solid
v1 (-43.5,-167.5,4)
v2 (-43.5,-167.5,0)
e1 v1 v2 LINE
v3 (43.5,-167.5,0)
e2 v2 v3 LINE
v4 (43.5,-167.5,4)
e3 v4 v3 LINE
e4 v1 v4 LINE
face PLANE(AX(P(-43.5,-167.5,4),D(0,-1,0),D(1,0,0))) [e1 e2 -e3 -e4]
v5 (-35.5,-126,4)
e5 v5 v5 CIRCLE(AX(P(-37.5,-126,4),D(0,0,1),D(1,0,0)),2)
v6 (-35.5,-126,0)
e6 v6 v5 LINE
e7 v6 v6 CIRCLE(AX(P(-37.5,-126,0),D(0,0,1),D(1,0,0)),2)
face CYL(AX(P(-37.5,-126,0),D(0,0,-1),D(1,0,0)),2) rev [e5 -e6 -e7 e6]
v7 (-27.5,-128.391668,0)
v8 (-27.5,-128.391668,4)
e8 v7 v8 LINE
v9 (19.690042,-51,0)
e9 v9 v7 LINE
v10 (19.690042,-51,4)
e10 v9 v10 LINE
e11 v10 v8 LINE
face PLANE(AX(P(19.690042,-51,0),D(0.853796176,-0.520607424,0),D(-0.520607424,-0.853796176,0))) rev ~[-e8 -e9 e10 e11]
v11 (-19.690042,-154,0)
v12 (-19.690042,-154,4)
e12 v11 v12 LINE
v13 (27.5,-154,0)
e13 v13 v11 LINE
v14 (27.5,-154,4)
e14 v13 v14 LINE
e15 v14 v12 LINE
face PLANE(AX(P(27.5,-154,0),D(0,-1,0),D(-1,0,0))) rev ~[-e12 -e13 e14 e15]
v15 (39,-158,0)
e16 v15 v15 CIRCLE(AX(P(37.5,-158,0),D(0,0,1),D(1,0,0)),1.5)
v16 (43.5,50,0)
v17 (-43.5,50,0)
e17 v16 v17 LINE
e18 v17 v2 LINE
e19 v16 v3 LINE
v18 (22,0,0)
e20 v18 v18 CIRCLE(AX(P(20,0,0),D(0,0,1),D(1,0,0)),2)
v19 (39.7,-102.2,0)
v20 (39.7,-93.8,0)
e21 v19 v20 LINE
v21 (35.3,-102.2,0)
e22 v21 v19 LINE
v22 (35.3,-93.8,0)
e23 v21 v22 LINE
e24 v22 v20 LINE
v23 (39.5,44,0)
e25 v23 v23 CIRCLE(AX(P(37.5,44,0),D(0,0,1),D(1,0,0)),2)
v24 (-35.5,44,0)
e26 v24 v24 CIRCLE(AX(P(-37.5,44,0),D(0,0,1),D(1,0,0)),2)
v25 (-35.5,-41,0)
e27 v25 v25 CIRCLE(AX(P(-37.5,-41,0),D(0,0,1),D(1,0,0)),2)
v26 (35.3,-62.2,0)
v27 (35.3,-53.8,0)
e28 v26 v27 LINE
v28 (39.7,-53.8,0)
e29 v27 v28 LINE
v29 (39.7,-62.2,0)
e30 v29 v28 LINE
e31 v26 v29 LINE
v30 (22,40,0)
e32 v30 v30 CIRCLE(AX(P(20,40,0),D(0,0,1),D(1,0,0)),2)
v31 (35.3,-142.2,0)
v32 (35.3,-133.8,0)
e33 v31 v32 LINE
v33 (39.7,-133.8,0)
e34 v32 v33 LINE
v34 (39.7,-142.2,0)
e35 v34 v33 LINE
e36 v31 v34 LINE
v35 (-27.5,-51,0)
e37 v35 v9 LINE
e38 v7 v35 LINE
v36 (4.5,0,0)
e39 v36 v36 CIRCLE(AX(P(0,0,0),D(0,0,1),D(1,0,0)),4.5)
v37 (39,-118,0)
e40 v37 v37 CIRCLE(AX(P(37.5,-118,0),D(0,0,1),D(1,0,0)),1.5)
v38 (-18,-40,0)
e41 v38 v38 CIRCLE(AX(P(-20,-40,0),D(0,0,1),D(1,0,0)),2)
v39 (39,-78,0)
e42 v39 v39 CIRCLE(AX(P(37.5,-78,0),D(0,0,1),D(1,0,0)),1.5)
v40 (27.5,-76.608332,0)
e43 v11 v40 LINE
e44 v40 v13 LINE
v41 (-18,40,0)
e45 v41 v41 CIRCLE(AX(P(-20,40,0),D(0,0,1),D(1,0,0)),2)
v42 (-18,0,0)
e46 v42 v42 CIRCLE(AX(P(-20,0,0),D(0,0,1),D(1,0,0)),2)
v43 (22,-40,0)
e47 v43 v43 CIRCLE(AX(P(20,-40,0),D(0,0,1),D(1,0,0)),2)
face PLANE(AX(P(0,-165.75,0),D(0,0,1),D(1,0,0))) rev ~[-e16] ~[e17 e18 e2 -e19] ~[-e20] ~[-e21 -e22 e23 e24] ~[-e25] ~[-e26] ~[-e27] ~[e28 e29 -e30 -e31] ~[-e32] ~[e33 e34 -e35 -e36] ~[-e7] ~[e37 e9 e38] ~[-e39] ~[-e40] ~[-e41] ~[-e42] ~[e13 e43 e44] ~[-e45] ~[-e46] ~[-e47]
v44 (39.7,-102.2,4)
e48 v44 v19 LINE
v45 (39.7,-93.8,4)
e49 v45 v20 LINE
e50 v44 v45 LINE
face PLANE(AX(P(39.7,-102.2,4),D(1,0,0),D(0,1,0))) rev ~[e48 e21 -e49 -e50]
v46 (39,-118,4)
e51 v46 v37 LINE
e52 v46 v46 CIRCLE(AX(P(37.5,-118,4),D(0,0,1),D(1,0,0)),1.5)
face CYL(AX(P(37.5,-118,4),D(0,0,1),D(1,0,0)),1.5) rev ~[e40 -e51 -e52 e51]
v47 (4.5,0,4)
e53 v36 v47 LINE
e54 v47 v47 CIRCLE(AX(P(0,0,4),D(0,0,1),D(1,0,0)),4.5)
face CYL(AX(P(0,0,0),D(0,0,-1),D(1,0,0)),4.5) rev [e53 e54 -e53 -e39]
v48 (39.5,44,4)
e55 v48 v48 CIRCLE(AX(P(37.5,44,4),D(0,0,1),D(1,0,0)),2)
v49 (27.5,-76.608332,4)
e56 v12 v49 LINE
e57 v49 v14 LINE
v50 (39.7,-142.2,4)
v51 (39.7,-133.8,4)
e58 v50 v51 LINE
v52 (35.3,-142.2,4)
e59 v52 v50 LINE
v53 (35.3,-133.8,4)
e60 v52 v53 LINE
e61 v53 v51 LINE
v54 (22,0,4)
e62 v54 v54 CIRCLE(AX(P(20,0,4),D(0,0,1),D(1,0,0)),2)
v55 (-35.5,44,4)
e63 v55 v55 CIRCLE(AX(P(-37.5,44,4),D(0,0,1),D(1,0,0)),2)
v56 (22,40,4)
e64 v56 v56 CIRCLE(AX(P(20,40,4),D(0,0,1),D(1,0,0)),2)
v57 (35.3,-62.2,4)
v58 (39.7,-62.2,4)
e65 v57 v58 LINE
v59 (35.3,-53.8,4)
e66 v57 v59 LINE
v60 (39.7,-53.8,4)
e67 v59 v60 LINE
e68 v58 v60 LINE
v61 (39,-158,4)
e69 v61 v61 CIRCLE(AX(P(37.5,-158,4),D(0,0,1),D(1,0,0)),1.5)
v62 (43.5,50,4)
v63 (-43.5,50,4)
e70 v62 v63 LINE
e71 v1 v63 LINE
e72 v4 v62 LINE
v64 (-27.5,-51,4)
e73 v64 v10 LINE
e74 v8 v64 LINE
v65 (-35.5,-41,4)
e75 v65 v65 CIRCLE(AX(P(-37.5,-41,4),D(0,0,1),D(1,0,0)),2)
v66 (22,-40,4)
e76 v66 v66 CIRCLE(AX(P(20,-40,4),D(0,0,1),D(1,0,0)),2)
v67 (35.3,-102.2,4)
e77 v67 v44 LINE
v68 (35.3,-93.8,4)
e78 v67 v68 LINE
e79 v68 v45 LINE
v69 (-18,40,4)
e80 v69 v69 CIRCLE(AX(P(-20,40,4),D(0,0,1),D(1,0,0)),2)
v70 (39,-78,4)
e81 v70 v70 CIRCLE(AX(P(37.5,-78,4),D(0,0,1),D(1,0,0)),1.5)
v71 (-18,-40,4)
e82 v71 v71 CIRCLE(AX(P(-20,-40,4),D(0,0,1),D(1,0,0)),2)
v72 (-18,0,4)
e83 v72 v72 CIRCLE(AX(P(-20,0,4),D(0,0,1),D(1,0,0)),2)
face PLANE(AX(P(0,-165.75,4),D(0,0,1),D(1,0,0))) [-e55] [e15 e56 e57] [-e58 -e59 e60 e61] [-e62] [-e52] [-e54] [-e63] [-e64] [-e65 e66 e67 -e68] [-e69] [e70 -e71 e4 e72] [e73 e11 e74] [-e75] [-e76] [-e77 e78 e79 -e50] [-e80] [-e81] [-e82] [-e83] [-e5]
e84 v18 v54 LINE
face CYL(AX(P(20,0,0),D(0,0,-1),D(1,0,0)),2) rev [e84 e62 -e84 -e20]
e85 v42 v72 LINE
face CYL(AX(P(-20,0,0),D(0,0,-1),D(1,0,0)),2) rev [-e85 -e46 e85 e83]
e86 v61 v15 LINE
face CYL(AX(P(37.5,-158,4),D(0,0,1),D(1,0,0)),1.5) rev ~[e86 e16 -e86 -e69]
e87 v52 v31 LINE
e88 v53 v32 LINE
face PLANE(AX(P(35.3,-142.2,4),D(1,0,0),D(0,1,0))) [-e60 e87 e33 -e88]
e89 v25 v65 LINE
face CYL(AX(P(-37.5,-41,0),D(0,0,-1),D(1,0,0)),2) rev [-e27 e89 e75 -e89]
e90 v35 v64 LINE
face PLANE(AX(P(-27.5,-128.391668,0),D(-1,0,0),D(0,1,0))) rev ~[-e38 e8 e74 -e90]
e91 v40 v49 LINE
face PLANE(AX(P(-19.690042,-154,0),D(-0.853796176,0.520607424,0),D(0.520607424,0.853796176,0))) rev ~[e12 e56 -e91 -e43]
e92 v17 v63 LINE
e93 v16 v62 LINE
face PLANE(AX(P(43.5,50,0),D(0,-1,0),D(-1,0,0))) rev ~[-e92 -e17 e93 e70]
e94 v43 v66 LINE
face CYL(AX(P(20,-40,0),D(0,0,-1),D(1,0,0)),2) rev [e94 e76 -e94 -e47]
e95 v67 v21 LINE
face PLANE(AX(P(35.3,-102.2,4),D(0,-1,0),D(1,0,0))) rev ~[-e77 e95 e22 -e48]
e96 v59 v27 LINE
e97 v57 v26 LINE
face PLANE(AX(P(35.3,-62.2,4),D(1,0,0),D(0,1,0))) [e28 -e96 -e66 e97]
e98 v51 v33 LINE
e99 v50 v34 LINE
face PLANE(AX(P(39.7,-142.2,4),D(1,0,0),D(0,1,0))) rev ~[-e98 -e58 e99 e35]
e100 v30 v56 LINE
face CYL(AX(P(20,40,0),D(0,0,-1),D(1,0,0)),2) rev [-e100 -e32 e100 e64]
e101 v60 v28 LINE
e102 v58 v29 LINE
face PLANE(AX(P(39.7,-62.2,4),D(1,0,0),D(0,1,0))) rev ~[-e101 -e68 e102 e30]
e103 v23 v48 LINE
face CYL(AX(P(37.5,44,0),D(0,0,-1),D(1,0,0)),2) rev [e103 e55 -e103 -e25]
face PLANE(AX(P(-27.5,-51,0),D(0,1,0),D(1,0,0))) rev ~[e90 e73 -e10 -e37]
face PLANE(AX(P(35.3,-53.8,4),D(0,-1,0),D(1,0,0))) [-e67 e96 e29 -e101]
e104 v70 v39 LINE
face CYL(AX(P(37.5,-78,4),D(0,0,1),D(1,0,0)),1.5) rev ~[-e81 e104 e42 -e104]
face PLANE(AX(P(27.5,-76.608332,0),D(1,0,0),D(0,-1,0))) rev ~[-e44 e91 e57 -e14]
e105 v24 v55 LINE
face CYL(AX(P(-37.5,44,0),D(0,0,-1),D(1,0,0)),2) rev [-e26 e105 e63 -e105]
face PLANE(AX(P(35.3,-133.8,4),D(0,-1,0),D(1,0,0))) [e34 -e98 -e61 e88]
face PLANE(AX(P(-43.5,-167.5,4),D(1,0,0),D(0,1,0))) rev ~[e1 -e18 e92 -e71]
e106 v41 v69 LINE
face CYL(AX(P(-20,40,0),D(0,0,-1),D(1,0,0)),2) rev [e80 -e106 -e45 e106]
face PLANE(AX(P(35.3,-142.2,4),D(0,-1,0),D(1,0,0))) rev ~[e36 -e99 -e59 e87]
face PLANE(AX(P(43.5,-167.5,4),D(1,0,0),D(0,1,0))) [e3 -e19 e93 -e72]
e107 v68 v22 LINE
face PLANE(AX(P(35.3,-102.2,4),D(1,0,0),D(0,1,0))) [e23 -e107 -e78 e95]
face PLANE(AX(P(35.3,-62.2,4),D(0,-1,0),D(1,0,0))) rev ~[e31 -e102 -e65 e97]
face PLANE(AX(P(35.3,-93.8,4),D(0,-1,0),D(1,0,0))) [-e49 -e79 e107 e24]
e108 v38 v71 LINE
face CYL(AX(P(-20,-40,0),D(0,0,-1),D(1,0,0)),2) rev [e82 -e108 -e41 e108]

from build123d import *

# Parameters (mm, degrees)
SKETCH_1_R          = 2
SKETCH_1_R_2        = 4.5
EXTRUDE_1_DEPTH     = 4
SKETCH_2_R          = 1.5
SKETCH_2_W          = 4.4
SKETCH_2_H          = 8.4
CUT_EXTRUDE_1_DEPTH = 4
SKETCH_3_W          = 87
SKETCH_3_H          = 3.5
EXTRUDE_2_DEPTH     = 4


with BuildPart() as part:
    # 草图1 → 凸台-拉伸1 (new body)
    with BuildSketch(Plane.XY):
        Polygon((37.5, 50), (-37.5, 50), (-43.5, 50), (-43.5, -57), (-43.5, -164), (-37.5, -164), (37.5, -164), (43.5, -164), (43.5, -57), (43.5, 50), align=None)
        with Locations((-37.5, -126)):
            Circle(SKETCH_1_R, mode=Mode.SUBTRACT)
        Polygon((-27.5, -128.391668474), (-27.5, -51), (19.690041753, -51), align=None, mode=Mode.SUBTRACT)
        Polygon((-19.690041753, -154), (27.5, -76.608331526), (27.5, -154), align=None, mode=Mode.SUBTRACT)
        with Locations((-37.5, -41)):
            Circle(SKETCH_1_R, mode=Mode.SUBTRACT)
        with Locations((-20, -40)):
            Circle(SKETCH_1_R, mode=Mode.SUBTRACT)
        with Locations((-37.5, 44)):
            Circle(SKETCH_1_R, mode=Mode.SUBTRACT)
        with Locations((-20, 0)):
            Circle(SKETCH_1_R, mode=Mode.SUBTRACT)
        Circle(SKETCH_1_R_2, mode=Mode.SUBTRACT)
        with Locations((-20, 40)):
            Circle(SKETCH_1_R, mode=Mode.SUBTRACT)
        with Locations((20, -40)):
            Circle(SKETCH_1_R, mode=Mode.SUBTRACT)
        with Locations((20, 0)):
            Circle(SKETCH_1_R, mode=Mode.SUBTRACT)
        with Locations((20, 40)):
            Circle(SKETCH_1_R, mode=Mode.SUBTRACT)
        with Locations((37.5, 44)):
            Circle(SKETCH_1_R, mode=Mode.SUBTRACT)
    extrude(amount=EXTRUDE_1_DEPTH)

    # 草图2 → 切除-拉伸1 (cut)
    with BuildSketch(Plane.XY.offset(4)):
        with Locations((37.5, -158)):
            Circle(SKETCH_2_R)
        with Locations((37.5, -78)):
            Circle(SKETCH_2_R)
        with Locations((37.5, -118)):
            Circle(SKETCH_2_R)
        with Locations((37.5, -138)):
            Rectangle(SKETCH_2_W, SKETCH_2_H)
        with Locations((37.5, -98)):
            Rectangle(SKETCH_2_W, SKETCH_2_H)
        with Locations((37.5, -58)):
            Rectangle(SKETCH_2_W, SKETCH_2_H)
    extrude(amount=-CUT_EXTRUDE_1_DEPTH, mode=Mode.SUBTRACT)

    # 草图3 → 凸台-拉伸2 (add)
    with BuildSketch(Plane.XY.offset(4)):
        with Locations((0, -165.75)):
            Rectangle(SKETCH_3_W, SKETCH_3_H)
    extrude(amount=-EXTRUDE_2_DEPTH)


solid = part.part
